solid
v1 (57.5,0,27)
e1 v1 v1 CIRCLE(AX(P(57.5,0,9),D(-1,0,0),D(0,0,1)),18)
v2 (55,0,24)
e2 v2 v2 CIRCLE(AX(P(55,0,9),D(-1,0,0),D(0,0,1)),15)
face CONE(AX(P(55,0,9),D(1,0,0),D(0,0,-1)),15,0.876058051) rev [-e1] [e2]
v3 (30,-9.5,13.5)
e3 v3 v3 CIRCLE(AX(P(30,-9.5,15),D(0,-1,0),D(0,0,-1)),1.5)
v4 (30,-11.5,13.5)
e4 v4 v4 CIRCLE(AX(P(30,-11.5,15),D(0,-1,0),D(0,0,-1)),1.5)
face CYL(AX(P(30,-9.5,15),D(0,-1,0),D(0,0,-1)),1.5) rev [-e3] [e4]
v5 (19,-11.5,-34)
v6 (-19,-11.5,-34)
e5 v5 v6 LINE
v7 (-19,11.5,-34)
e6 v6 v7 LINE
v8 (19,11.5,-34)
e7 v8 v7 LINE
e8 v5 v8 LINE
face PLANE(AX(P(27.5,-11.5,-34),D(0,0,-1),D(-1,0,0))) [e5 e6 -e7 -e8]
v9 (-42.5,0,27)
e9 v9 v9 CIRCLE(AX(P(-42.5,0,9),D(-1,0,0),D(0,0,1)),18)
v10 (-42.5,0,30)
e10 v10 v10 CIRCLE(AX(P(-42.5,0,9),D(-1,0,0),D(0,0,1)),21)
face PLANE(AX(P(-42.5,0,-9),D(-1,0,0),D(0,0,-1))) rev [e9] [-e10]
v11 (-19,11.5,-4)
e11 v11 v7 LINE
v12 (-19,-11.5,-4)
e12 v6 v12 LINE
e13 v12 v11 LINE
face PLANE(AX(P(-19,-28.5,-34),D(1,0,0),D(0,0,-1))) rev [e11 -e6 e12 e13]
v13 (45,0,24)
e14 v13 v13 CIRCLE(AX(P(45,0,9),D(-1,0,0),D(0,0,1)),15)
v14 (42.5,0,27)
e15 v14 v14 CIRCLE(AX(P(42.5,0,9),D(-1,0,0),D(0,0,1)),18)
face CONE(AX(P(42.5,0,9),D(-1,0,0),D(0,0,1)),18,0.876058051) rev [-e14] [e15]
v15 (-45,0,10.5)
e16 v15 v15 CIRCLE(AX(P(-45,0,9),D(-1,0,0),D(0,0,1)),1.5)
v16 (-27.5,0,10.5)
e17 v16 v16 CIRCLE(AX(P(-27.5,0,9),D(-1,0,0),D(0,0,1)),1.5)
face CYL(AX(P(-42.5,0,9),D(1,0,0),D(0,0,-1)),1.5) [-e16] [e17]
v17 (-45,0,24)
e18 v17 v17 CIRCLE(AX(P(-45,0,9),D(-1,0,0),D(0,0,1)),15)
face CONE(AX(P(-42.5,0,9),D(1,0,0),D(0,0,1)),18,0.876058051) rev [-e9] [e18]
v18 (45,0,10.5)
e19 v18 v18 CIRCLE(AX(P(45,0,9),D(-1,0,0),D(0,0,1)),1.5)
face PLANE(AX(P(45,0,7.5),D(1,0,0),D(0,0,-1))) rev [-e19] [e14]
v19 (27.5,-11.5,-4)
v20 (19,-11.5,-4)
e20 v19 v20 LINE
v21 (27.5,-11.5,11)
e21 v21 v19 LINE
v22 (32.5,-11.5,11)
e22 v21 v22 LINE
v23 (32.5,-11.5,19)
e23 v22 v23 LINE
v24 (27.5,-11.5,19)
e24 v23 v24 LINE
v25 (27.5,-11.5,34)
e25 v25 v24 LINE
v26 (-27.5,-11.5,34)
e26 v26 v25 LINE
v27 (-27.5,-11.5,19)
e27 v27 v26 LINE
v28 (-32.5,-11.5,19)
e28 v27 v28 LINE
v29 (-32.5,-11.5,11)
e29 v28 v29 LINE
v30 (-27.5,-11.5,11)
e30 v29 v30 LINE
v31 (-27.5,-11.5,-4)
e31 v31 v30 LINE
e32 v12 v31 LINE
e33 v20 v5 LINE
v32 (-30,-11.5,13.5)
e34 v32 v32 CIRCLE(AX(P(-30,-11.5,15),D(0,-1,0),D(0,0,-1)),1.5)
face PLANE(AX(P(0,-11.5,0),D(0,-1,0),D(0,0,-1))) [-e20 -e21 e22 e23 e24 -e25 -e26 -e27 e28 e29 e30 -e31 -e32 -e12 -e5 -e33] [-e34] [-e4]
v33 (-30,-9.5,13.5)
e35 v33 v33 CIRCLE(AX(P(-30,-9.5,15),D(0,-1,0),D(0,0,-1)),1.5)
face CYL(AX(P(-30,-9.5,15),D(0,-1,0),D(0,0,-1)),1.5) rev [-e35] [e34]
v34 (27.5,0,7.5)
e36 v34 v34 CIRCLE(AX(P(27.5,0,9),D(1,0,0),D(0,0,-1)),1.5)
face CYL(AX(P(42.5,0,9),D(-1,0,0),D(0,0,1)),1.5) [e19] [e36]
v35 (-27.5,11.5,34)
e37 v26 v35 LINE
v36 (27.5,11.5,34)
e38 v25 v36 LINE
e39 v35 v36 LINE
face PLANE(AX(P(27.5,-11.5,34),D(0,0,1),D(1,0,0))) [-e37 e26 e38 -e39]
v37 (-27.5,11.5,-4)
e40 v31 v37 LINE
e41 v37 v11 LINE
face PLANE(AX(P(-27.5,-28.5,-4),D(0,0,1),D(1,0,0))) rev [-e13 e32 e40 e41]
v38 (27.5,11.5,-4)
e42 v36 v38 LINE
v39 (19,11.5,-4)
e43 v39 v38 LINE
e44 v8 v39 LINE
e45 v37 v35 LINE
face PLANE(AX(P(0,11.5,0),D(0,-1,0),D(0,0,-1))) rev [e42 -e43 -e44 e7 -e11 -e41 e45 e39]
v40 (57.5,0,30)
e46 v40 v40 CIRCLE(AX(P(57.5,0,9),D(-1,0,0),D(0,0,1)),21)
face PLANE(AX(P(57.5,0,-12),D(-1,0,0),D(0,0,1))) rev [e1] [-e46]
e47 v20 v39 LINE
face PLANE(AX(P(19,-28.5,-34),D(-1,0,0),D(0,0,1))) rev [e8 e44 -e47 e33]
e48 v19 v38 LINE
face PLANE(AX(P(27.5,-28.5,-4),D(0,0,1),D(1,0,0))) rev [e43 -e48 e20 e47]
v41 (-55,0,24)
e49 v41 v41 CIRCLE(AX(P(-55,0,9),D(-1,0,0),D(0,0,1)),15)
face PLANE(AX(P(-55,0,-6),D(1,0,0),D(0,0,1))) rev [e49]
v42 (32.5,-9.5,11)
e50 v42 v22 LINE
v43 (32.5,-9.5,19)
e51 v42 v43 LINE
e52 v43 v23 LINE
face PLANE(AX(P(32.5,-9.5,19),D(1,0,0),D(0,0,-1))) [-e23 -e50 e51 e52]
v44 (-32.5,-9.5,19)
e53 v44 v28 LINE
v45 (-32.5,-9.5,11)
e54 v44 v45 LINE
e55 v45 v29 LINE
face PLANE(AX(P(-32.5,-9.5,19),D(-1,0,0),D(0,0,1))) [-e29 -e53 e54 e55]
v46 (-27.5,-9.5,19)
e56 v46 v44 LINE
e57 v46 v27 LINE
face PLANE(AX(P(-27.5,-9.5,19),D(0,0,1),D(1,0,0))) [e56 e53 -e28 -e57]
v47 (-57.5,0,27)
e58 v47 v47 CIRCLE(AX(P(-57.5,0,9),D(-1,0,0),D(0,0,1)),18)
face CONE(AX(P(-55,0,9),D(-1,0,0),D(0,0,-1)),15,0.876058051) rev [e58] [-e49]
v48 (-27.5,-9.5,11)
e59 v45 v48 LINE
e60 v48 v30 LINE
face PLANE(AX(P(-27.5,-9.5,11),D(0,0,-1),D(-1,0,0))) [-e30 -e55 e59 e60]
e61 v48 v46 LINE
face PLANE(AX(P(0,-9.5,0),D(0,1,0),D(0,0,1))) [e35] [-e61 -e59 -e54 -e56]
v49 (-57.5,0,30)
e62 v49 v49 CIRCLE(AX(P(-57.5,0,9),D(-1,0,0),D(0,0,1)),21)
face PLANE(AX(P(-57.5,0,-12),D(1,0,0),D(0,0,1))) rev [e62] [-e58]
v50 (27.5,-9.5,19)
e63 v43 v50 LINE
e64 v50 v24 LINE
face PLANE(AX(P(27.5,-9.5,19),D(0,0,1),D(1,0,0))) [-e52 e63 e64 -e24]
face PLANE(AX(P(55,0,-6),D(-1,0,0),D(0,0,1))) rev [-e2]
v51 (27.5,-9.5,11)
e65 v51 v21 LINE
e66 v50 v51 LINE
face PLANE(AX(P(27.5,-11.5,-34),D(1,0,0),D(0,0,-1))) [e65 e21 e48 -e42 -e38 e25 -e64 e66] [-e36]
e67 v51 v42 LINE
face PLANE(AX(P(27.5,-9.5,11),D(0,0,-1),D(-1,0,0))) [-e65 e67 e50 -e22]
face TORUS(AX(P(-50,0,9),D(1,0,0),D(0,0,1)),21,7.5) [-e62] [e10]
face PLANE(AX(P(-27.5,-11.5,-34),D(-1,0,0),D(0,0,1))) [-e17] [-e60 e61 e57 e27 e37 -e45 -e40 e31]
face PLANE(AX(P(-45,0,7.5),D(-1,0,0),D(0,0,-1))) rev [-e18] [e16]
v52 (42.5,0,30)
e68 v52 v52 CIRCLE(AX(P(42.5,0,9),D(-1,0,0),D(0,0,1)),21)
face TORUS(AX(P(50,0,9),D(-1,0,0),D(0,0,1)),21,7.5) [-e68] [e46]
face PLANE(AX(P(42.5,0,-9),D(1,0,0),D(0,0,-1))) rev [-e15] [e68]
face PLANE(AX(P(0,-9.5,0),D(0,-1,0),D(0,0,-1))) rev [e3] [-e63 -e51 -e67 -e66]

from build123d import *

# Parameters (mm, degrees)
BOSS_EXTRUDE1_DEPTH      = 11.5
BOSS_EXTRUDE1_DEPTH_BACK = 11.5
SKETCH1_W                = 55
SKETCH1_H                = 68
SKETCH2_R                = 1.5
BOSS_EXTRUDE2_DEPTH      = 15
SKETCH7_W                = 8.5
SKETCH7_H                = 30
CUT_EXTRUDE1_DEPTH       = 80.451243008
SKETCH8_W                = 5
SKETCH8_H                = 8
SKETCH8_R                = 1.5
BOSS_EXTRUDE3_DEPTH      = 2


with BuildPart() as part:
    # Sketch1 → Boss-Extrude1 (new, two sides: drawn at the far end of the back side and taken through both)
    with BuildSketch(Plane(origin=(0, 0, 0), x_dir=(1, 0, 0), z_dir=(0, 1, 0)).offset(-BOSS_EXTRUDE1_DEPTH_BACK)):
        Rectangle(SKETCH1_W, SKETCH1_H)
    extrude(amount=BOSS_EXTRUDE1_DEPTH + BOSS_EXTRUDE1_DEPTH_BACK)

    # Sketch2 → Boss-Extrude2 (add)
    with BuildSketch(Plane(origin=(27.5, 0, 0), x_dir=(0, 0, -1), z_dir=(1, 0, 0))):
        with Locations((-9, 0)):
            Circle(SKETCH2_R)
    boss_extrude2 = extrude(amount=BOSS_EXTRUDE2_DEPTH)

    # Sketch6 → Revolve1 (revolve)
    with BuildSketch(Plane(origin=(0, 0, 0), x_dir=(1, 0, 0), z_dir=(0, 1, 0))):
        with BuildLine():
            Line((42.5, -7.5), (45, -7.5))
            Line((45, -7.5), (45, 6))
            Line((45, 6), (42.5, 9))
            Line((42.5, 9), (42.5, 12))
            ThreePointArc((42.5, 12), (50, 19.5), (57.5, 12))
            Line((57.5, 12), (57.5, 9))
            Line((57.5, 9), (55, 6))
            Line((55, 6), (55, -9))
            Line((55, -9), (42.5, -9))
            Line((42.5, -9), (42.5, -7.5))
        make_face()
    revolve1 = revolve(axis=Axis((42.5, 0, 9), (1, 0, 0)))

    # Mirror1: Boss-Extrude2, Revolve1 across plane
    add(boss_extrude2.mirror(Plane(origin=(0, 0, 0), x_dir=(0, 0, 1), z_dir=(1, 0, 0))))
    add(revolve1.mirror(Plane(origin=(0, 0, 0), x_dir=(0, 0, 1), z_dir=(1, 0, 0))))

    # Sketch7 → Cut-Extrude1 (cut, through all)
    with BuildSketch(Plane(origin=(0, 11.5, 0), x_dir=(1, 0, 0), z_dir=(0, 1, 0))):
        with Locations((-23.25, 19)):
            Rectangle(SKETCH7_W, SKETCH7_H)
        with Locations((23.25, 19)):
            Rectangle(SKETCH7_W, SKETCH7_H)
    extrude(amount=-CUT_EXTRUDE1_DEPTH, mode=Mode.SUBTRACT)

    # Sketch8 → Boss-Extrude3 (add)
    # profile 1 of 2: a face of its own
    with BuildSketch(Plane.XZ.offset(11.5)):
        with Locations((-30, 15)):
            Rectangle(SKETCH8_W, SKETCH8_H)
        with Locations((-30, 15)):
            Circle(SKETCH8_R, mode=Mode.SUBTRACT)
    # profile 2 of 2: a face of its own
    with BuildSketch(Plane.XZ.offset(11.5)):
        with Locations((30, 15)):
            Rectangle(SKETCH8_W, SKETCH8_H)
        with Locations((30, 15)):
            Circle(SKETCH8_R, mode=Mode.SUBTRACT)
    extrude(amount=-BOSS_EXTRUDE3_DEPTH)


solid = part.part
